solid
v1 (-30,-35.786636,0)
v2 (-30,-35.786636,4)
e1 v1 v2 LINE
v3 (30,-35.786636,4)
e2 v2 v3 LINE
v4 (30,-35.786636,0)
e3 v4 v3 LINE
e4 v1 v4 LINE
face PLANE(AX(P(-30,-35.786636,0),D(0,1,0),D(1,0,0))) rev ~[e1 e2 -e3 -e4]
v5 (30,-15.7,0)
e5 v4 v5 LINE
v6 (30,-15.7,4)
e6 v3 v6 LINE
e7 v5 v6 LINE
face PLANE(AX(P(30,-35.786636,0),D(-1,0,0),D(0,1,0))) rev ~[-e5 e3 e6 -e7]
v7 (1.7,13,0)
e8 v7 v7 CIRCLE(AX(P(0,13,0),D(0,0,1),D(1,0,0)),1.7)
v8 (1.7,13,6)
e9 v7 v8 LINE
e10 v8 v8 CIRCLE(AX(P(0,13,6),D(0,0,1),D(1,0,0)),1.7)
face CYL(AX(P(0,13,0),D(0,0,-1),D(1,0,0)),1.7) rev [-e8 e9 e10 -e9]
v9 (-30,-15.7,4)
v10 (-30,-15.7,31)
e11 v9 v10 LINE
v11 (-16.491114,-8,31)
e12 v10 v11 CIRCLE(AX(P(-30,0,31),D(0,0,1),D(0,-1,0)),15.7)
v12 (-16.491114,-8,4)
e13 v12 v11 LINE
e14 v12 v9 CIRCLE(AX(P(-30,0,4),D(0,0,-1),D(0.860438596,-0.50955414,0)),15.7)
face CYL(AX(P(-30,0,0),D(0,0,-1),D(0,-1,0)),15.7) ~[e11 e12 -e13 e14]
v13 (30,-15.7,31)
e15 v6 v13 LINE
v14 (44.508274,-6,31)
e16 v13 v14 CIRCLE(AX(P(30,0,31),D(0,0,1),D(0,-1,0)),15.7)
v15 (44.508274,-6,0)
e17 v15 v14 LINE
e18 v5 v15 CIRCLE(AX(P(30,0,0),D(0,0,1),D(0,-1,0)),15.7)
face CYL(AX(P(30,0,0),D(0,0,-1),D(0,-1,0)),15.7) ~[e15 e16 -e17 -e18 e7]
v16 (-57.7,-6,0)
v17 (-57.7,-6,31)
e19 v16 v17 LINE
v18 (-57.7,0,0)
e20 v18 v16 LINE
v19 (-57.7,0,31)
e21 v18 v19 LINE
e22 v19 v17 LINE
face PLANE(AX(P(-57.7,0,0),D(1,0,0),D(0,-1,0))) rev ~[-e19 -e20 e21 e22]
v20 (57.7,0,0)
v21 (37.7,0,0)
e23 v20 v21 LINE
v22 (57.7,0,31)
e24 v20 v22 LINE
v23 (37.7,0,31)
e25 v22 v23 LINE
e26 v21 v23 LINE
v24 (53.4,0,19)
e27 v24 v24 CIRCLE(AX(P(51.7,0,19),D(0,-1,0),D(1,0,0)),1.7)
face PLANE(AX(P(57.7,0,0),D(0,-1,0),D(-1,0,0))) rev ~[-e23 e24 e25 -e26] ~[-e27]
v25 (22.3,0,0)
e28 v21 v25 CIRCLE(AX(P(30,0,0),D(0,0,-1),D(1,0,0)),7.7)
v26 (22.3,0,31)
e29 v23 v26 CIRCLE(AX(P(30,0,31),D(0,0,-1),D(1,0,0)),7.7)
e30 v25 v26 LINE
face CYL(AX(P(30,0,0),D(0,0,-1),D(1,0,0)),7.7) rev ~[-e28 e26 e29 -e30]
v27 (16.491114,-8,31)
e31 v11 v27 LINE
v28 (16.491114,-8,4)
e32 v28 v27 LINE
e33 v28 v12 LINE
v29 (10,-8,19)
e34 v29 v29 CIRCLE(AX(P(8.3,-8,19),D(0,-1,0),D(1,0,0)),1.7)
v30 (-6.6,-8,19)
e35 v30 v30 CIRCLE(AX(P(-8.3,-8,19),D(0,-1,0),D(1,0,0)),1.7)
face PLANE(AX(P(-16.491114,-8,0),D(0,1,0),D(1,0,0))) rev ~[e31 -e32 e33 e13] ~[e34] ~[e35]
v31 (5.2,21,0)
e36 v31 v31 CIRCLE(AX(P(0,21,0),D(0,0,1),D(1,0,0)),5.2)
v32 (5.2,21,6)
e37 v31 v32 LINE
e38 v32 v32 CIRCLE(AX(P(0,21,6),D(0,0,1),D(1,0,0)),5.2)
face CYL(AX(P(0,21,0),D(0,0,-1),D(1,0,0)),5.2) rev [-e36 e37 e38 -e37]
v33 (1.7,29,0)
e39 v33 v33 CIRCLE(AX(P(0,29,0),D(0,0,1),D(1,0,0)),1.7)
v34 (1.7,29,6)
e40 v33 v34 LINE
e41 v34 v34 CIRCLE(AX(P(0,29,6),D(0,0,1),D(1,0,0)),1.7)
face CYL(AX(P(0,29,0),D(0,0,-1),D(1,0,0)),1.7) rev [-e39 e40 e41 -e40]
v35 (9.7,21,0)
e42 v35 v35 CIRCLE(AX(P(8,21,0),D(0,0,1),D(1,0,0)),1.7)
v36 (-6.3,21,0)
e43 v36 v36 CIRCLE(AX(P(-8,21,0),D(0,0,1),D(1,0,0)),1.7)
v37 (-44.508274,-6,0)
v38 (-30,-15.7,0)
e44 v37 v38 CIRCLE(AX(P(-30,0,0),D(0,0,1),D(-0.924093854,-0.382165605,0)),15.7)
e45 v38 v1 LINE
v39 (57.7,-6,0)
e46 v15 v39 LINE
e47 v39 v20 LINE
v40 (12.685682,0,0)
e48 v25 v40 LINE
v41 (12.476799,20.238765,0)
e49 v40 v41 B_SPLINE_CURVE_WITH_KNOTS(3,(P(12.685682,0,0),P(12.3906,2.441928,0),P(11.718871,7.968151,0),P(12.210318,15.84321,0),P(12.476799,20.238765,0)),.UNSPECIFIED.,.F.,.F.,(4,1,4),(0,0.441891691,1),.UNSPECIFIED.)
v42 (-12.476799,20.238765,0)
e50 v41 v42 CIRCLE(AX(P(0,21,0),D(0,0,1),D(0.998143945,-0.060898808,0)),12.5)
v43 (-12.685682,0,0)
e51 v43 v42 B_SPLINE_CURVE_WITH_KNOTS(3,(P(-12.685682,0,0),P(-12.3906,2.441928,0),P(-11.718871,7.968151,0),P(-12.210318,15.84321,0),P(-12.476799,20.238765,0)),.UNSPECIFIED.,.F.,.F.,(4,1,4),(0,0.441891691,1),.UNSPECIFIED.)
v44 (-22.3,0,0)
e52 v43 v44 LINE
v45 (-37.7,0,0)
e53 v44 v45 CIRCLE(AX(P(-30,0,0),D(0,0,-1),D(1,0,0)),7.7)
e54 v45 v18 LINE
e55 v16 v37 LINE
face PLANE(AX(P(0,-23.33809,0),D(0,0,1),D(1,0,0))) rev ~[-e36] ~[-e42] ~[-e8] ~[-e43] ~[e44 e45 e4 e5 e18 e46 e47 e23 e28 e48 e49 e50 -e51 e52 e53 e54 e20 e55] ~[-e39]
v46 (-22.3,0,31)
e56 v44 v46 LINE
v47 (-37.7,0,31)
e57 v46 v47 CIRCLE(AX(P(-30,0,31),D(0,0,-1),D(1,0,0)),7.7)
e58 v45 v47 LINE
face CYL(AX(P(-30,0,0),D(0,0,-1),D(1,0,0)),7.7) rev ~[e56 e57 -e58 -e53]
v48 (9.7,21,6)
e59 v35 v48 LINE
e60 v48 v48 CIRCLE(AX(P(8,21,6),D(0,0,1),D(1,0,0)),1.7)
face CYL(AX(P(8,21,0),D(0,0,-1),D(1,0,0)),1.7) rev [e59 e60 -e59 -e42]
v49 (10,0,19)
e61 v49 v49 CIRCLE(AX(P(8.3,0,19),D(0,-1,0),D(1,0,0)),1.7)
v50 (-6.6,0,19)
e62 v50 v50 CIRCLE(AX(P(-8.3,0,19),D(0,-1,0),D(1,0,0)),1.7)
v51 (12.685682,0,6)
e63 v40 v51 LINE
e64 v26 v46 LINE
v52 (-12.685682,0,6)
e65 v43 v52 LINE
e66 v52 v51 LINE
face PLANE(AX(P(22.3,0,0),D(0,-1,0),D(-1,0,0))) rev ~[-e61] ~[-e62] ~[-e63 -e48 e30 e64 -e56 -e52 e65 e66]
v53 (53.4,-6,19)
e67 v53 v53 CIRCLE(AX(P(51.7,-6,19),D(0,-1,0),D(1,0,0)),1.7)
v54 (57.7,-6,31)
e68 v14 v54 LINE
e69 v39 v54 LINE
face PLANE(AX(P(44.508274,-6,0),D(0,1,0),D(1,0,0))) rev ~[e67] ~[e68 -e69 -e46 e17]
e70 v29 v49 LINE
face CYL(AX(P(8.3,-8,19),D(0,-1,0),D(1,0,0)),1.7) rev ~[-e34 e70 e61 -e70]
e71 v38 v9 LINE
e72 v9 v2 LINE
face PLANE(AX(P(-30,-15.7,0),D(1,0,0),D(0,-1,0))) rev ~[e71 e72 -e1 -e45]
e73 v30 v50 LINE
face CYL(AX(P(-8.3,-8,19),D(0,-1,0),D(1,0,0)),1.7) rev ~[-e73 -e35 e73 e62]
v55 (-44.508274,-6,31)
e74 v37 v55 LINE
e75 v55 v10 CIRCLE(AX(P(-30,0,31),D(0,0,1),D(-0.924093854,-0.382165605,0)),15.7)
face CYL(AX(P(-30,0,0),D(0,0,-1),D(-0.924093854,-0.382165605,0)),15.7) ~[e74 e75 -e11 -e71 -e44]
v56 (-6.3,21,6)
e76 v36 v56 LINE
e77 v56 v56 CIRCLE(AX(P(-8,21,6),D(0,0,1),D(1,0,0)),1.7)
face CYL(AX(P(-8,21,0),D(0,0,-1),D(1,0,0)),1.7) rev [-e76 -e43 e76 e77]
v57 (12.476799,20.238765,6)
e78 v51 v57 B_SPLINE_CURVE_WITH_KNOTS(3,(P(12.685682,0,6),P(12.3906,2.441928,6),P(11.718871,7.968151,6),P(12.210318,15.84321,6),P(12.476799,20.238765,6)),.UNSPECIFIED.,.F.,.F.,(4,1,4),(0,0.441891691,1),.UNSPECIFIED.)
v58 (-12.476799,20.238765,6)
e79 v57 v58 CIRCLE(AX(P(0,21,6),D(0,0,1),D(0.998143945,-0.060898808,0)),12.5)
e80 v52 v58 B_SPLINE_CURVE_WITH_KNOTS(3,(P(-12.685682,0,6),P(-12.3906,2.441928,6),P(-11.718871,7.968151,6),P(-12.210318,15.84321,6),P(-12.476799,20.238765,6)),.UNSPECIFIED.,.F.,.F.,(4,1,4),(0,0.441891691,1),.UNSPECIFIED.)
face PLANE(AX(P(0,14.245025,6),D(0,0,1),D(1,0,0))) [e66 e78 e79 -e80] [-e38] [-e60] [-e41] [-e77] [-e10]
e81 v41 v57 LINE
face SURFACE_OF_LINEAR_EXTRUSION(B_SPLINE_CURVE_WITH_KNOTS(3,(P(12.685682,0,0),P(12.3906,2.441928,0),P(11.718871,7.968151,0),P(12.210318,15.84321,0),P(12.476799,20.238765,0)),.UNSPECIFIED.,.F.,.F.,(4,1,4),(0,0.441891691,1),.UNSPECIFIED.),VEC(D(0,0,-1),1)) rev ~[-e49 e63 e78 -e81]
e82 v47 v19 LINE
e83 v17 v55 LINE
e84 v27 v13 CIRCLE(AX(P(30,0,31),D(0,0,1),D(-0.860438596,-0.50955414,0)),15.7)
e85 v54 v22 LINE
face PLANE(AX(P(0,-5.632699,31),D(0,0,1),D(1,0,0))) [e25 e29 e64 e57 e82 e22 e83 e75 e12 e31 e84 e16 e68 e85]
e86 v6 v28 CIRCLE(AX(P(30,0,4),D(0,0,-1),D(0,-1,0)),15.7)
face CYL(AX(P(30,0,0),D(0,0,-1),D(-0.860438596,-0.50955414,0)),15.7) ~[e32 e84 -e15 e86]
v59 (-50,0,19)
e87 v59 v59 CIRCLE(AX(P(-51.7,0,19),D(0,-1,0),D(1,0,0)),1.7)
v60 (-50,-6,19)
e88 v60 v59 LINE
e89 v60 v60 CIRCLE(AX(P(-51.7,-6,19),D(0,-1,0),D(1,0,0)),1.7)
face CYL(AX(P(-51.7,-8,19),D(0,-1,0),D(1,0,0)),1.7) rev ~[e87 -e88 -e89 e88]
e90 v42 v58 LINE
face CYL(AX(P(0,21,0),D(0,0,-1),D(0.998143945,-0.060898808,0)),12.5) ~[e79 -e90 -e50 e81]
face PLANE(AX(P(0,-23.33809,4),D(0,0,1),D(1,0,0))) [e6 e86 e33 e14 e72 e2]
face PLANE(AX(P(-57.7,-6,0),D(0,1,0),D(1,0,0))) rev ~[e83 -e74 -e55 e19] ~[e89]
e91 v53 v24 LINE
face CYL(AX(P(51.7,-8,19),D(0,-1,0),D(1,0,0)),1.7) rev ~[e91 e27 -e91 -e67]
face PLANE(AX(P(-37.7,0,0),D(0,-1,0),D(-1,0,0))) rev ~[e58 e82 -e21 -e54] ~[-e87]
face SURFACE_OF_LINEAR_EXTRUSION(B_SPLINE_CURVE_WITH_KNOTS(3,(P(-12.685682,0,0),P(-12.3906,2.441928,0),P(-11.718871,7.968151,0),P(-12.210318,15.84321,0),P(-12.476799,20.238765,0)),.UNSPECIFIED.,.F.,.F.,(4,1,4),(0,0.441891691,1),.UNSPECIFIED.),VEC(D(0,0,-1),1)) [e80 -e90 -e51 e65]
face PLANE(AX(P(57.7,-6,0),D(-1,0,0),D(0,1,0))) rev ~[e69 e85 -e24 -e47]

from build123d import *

# Parameters (mm, degrees)
F1_DEPTH = 31
F0_R     = 1.7
F0_R_2   = 5.2
F2_DEPTH = 6
F3_DEPTH = 4
F4_R     = 1.7
F5_DEPTH = 25


with BuildPart() as f1:
    # F0 (on Top) → F1 (new body)
    with BuildSketch(Plane.XY):
        with BuildLine():
            Line((12.6856816933, 0), (0, 0))
            Line((0, 0), (-12.6856816933, 0))
            Line((-12.6856816933, 0), (-22.3, 0))
            ThreePointArc((-22.3, 0), (-30, -7.7), (-37.7, 0))
            Line((-37.7, 0), (-45.7, 0))
            Line((-45.7, 0), (-57.7, 0))
            Line((-57.7, 0), (-57.7, -6))
            Line((-57.7, -6), (-44.5082735017, -6))
            ThreePointArc((-44.5082735017, -6), (-38.7261102445, -13.0516282509), (-30, -15.7))
            ThreePointArc((-30, -15.7), (-22.2253617447, -13.6398313773), (-16.4911140356, -8))
            Line((-16.4911140356, -8), (16.4911140356, -8))
            ThreePointArc((16.4911140356, -8), (22.2253617447, -13.6398313773), (30, -15.7))
            ThreePointArc((30, -15.7), (38.7261102445, -13.0516282509), (44.5082735017, -6))
            Line((44.5082735017, -6), (57.7, -6))
            Line((57.7, -6), (57.7, 0))
            Line((57.7, 0), (45.7, 0))
            Line((45.7, 0), (37.7, 0))
            ThreePointArc((37.7, 0), (30, -7.7), (22.3, 0))
            Line((22.3, 0), (12.6856816933, 0))
        make_face()
    extrude(amount=F1_DEPTH)

    # F0 (on Top) → F2 (join)
    with BuildSketch(Plane.XY):
        with BuildLine():
            Line((-12.6856816933, 0), (0, 0))
            Line((0, 0), (12.6856816933, 0))
            add(Edge.make_bspline(
                [(12.6856816933, 0), (12.3905999996, 2.441927908), (11.7188705001, 7.9681514968), (12.2103184435, 15.8432101865), (12.4767993137, 20.2387648954)],
                knots=[0, 0, 0, 0, 0.4418916914, 1, 1, 1, 1], degree=3))
            ThreePointArc((12.4767993137, 20.2387648954), (0, 33.5), (-12.4767993137, 20.2387648954))
            add(Edge.make_bspline(
                [(-12.6856816933, 0), (-12.3905999996, 2.441927908), (-11.7188705001, 7.9681514968), (-12.2103184435, 15.8432101865), (-12.4767993137, 20.2387648954)],
                knots=[0, 0, 0, 0, 0.4418916914, 1, 1, 1, 1], degree=3))
        make_face()
        with Locations((-8, 21)):
            Circle(F0_R, mode=Mode.SUBTRACT)
        with Locations((0, 13)):
            Circle(F0_R, mode=Mode.SUBTRACT)
        with Locations((0, 21)):
            Circle(F0_R_2, mode=Mode.SUBTRACT)
        with Locations((8, 21)):
            Circle(F0_R, mode=Mode.SUBTRACT)
        with Locations((0, 29)):
            Circle(F0_R, mode=Mode.SUBTRACT)
    extrude(amount=F2_DEPTH)

    # F0 (on Top) → F3 (join)
    with BuildSketch(Plane.XY):
        with BuildLine():
            ThreePointArc((-16.4911140356, -8), (-22.2253617447, -13.6398313773), (-30, -15.7))
            Line((-30, -15.7), (-30, -35.7866361737))
            Line((-30, -35.7866361737), (30, -35.7866361737))
            Line((30, -35.7866361737), (30, -15.7))
            ThreePointArc((30, -15.7), (22.2253617447, -13.6398313773), (16.4911140356, -8))
            Line((16.4911140356, -8), (-16.4911140356, -8))
        make_face()
    extrude(amount=F3_DEPTH)

    # F4 (on face) → F5 (cut)
    with BuildSketch(Plane.XZ.offset(8)):
        with Locations((-51.7, 19)):
            Circle(F4_R)
        with Locations((-8.3, 19)):
            Circle(F4_R)
        with Locations((8.3, 19)):
            Circle(F4_R)
        with Locations((51.7, 19)):
            Circle(F4_R)
    extrude(amount=-F5_DEPTH, mode=Mode.SUBTRACT)


solid = f1.part
